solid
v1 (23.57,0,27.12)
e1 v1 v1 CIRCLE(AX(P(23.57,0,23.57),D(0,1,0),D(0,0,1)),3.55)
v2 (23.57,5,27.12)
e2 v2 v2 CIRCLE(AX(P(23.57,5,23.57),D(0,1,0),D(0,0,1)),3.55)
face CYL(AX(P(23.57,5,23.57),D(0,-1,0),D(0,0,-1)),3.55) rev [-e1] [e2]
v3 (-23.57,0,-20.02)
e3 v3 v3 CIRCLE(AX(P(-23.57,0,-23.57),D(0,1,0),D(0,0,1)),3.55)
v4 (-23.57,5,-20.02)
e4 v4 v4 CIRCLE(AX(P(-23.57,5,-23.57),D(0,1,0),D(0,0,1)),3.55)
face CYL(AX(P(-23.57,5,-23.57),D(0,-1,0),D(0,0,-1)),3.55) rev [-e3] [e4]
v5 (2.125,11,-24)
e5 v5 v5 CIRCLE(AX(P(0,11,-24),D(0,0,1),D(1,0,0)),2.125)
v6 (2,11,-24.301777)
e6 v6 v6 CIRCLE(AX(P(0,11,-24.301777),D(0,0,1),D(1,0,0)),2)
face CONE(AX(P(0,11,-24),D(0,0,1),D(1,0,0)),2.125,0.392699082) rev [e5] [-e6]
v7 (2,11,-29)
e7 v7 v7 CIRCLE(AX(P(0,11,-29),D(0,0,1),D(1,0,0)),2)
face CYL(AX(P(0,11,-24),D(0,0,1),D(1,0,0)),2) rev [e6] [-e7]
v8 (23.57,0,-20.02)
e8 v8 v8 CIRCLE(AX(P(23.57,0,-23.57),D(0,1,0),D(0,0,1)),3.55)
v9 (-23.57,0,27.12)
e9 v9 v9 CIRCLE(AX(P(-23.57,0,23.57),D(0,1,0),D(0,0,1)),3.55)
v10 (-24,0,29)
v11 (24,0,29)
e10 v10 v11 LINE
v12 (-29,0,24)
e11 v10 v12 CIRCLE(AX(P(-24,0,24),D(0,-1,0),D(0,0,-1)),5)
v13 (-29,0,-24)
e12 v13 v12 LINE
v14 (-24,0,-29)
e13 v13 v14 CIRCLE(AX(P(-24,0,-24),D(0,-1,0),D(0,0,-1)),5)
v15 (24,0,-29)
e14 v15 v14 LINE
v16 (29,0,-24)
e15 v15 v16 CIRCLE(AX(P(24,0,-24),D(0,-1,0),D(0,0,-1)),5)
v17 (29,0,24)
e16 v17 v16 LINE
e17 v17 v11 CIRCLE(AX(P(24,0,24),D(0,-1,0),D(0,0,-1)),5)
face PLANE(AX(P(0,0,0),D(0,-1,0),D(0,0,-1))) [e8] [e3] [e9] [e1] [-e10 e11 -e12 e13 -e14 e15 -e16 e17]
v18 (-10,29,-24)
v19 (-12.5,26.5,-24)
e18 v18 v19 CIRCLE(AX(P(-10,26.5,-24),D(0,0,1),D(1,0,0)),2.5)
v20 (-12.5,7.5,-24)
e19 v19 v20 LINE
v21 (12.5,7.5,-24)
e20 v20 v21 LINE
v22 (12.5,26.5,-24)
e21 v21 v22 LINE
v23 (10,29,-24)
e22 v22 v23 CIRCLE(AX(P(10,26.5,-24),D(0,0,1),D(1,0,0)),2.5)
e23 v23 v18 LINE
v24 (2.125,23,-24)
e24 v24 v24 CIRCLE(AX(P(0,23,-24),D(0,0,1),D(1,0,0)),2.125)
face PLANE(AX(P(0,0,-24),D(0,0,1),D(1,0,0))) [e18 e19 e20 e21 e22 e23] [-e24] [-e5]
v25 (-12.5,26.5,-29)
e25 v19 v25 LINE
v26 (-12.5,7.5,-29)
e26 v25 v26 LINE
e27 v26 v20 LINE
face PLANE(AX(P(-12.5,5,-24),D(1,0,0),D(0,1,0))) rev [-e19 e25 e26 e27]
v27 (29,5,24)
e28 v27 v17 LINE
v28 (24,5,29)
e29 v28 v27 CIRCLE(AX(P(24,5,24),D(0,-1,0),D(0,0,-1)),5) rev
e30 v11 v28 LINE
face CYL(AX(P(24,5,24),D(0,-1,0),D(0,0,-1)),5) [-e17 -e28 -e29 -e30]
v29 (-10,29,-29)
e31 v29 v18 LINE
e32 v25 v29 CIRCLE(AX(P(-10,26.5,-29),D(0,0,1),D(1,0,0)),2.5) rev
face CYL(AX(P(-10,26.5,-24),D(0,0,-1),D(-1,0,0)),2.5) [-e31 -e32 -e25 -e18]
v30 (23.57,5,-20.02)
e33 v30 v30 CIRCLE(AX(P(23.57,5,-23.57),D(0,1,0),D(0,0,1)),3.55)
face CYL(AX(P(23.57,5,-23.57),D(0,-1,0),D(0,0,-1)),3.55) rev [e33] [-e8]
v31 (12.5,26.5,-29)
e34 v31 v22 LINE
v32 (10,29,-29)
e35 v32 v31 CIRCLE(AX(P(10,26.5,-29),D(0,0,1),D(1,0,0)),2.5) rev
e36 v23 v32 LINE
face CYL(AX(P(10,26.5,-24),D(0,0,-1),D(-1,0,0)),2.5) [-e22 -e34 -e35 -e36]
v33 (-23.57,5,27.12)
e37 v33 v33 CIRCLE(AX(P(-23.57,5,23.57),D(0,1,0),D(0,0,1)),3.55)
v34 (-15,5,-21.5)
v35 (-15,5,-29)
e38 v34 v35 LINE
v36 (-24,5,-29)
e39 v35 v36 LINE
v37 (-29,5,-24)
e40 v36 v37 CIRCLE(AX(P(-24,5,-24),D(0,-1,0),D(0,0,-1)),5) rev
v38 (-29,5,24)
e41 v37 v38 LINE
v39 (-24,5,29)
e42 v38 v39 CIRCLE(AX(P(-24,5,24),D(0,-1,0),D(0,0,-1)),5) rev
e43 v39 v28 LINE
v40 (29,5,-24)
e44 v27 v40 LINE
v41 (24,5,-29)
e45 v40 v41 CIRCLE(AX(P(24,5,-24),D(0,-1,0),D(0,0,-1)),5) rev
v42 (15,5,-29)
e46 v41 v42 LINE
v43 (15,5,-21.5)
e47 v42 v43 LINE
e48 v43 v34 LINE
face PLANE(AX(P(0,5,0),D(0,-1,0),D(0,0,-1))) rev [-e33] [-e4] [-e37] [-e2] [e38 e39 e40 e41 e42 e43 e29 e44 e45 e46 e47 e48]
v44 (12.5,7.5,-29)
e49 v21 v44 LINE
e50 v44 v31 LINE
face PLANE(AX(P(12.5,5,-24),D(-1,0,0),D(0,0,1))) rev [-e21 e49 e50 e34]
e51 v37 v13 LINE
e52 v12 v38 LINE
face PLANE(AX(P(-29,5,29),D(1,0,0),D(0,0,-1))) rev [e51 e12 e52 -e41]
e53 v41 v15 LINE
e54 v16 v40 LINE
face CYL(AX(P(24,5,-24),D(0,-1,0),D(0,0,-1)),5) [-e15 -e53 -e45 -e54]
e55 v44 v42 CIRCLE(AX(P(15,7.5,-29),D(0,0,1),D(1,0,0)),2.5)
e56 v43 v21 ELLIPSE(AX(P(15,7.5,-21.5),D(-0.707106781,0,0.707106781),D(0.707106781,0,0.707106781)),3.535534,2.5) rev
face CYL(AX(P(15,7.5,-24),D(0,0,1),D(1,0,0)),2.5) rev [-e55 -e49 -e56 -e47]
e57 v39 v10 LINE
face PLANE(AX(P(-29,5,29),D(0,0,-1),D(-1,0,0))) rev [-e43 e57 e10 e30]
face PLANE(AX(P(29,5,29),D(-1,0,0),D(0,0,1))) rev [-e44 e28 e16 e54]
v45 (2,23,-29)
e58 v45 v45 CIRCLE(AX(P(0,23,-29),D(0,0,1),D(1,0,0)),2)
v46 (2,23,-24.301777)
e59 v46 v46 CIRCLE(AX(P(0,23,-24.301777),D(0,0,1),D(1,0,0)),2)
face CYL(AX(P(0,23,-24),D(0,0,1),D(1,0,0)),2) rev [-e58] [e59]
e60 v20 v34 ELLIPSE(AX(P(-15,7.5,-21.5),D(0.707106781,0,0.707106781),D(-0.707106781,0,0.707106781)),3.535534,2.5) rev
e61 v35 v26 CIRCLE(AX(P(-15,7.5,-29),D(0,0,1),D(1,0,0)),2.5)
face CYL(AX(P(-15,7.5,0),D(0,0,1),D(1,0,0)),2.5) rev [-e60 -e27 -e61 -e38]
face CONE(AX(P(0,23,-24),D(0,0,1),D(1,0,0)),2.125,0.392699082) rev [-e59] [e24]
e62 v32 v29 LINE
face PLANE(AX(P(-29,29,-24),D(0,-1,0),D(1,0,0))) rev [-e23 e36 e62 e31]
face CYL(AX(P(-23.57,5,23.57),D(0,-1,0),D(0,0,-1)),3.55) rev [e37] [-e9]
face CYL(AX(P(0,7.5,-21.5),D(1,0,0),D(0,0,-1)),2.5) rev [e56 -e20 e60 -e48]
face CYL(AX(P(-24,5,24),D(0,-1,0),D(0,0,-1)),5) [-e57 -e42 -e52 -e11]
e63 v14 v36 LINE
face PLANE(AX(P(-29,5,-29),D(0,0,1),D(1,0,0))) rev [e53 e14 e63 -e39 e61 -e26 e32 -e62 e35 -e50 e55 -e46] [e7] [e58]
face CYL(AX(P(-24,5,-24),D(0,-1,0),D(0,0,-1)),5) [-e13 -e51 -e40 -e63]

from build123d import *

# Parameters (mm, degrees)
SKETCH1_W                         = 58
SKETCH1_H                         = 58
SKETCH1_R                         = 3.55
BOSS_EXTRUDE1_DEPTH               = 5
FILLET1_R                         = 5
BOSS_EXTRUDE2_START               = -29
SKETCH5_W                         = 25
SKETCH5_H                         = 24
BOSS_EXTRUDE2_DEPTH               = 5
F_4_0_4_DIAMETER_HOLE1_AT_2_COUNT = 2
F_4_0_4_DIAMETER_HOLE1_AT_2_PITCH = 12
FILLET2_R                         = 2.5


with BuildPart() as part:
    # Sketch1 → Boss-Extrude1 (new body)
    with BuildSketch(Plane(origin=(0, 0, 0), x_dir=(1, 0, 0), z_dir=(0, 1, 0))):
        Rectangle(SKETCH1_W, SKETCH1_H)
        with Locations(Location((-23.57, 23.57, 0), (0, 0, 270))):
            Circle(SKETCH1_R, mode=Mode.SUBTRACT)
        with Locations(Location((23.57, 23.57, 0), (0, 0, 270))):
            Circle(SKETCH1_R, mode=Mode.SUBTRACT)
        with Locations(Location((23.57, -23.57, 0), (0, 0, 270))):
            Circle(SKETCH1_R, mode=Mode.SUBTRACT)
        with Locations(Location((-23.57, -23.57, 0), (0, 0, 270))):
            Circle(SKETCH1_R, mode=Mode.SUBTRACT)
    extrude(amount=BOSS_EXTRUDE1_DEPTH)

    # Fillet1
    fillet1_edges = [part.edges().sort_by_distance(p)[0] for p in [
        (29, 2.5, 29),
        (-29, 2.5, 29),
        (-29, 2.5, -29),
        (29, 2.5, -29),
    ]]
    fillet(fillet1_edges, radius=FILLET1_R)

    # Sketch5 → Boss-Extrude2 (add)
    with BuildSketch(Plane.XY.offset(BOSS_EXTRUDE2_START)):
        with Locations((0, 17)):
            Rectangle(SKETCH5_W, SKETCH5_H)
    extrude(amount=BOSS_EXTRUDE2_DEPTH)

    # Sketch7 → Ø4.0 (4) Diameter Hole1 (revolve, cut)
    with BuildSketch(Plane(origin=(0, 11, -24), x_dir=(0, -1, 0), z_dir=(1, 0, 0))):
        Polygon((0, 0), (0, 5), (2, 5), (2, 0.301776695), (2.125, 0), align=None)
    f_4_0_4_diameter_hole1 = revolve(axis=Axis((0, 11, -17.65), (0, 0, -1)), mode=Mode.SUBTRACT)

    # Ø4.0 (4) Diameter Hole1 at 2: Ø4.0 (4) Diameter Hole1 ×2
    with Locations(*[(0, i * F_4_0_4_DIAMETER_HOLE1_AT_2_PITCH, 0) for i in range(1, F_4_0_4_DIAMETER_HOLE1_AT_2_COUNT)]):
        add(f_4_0_4_diameter_hole1, mode=Mode.SUBTRACT)

    # Fillet2
    fillet2_edges = [part.edges().sort_by_distance(p)[0] for p in [
        (-12.5, 5, -26.5),
        (12.5, 5, -26.5),
        (12.5, 29, -26.5),
        (-12.5, 29, -26.5),
        (0, 5, -24),
    ]]
    fillet(fillet2_edges, radius=FILLET2_R)


solid = part.part
